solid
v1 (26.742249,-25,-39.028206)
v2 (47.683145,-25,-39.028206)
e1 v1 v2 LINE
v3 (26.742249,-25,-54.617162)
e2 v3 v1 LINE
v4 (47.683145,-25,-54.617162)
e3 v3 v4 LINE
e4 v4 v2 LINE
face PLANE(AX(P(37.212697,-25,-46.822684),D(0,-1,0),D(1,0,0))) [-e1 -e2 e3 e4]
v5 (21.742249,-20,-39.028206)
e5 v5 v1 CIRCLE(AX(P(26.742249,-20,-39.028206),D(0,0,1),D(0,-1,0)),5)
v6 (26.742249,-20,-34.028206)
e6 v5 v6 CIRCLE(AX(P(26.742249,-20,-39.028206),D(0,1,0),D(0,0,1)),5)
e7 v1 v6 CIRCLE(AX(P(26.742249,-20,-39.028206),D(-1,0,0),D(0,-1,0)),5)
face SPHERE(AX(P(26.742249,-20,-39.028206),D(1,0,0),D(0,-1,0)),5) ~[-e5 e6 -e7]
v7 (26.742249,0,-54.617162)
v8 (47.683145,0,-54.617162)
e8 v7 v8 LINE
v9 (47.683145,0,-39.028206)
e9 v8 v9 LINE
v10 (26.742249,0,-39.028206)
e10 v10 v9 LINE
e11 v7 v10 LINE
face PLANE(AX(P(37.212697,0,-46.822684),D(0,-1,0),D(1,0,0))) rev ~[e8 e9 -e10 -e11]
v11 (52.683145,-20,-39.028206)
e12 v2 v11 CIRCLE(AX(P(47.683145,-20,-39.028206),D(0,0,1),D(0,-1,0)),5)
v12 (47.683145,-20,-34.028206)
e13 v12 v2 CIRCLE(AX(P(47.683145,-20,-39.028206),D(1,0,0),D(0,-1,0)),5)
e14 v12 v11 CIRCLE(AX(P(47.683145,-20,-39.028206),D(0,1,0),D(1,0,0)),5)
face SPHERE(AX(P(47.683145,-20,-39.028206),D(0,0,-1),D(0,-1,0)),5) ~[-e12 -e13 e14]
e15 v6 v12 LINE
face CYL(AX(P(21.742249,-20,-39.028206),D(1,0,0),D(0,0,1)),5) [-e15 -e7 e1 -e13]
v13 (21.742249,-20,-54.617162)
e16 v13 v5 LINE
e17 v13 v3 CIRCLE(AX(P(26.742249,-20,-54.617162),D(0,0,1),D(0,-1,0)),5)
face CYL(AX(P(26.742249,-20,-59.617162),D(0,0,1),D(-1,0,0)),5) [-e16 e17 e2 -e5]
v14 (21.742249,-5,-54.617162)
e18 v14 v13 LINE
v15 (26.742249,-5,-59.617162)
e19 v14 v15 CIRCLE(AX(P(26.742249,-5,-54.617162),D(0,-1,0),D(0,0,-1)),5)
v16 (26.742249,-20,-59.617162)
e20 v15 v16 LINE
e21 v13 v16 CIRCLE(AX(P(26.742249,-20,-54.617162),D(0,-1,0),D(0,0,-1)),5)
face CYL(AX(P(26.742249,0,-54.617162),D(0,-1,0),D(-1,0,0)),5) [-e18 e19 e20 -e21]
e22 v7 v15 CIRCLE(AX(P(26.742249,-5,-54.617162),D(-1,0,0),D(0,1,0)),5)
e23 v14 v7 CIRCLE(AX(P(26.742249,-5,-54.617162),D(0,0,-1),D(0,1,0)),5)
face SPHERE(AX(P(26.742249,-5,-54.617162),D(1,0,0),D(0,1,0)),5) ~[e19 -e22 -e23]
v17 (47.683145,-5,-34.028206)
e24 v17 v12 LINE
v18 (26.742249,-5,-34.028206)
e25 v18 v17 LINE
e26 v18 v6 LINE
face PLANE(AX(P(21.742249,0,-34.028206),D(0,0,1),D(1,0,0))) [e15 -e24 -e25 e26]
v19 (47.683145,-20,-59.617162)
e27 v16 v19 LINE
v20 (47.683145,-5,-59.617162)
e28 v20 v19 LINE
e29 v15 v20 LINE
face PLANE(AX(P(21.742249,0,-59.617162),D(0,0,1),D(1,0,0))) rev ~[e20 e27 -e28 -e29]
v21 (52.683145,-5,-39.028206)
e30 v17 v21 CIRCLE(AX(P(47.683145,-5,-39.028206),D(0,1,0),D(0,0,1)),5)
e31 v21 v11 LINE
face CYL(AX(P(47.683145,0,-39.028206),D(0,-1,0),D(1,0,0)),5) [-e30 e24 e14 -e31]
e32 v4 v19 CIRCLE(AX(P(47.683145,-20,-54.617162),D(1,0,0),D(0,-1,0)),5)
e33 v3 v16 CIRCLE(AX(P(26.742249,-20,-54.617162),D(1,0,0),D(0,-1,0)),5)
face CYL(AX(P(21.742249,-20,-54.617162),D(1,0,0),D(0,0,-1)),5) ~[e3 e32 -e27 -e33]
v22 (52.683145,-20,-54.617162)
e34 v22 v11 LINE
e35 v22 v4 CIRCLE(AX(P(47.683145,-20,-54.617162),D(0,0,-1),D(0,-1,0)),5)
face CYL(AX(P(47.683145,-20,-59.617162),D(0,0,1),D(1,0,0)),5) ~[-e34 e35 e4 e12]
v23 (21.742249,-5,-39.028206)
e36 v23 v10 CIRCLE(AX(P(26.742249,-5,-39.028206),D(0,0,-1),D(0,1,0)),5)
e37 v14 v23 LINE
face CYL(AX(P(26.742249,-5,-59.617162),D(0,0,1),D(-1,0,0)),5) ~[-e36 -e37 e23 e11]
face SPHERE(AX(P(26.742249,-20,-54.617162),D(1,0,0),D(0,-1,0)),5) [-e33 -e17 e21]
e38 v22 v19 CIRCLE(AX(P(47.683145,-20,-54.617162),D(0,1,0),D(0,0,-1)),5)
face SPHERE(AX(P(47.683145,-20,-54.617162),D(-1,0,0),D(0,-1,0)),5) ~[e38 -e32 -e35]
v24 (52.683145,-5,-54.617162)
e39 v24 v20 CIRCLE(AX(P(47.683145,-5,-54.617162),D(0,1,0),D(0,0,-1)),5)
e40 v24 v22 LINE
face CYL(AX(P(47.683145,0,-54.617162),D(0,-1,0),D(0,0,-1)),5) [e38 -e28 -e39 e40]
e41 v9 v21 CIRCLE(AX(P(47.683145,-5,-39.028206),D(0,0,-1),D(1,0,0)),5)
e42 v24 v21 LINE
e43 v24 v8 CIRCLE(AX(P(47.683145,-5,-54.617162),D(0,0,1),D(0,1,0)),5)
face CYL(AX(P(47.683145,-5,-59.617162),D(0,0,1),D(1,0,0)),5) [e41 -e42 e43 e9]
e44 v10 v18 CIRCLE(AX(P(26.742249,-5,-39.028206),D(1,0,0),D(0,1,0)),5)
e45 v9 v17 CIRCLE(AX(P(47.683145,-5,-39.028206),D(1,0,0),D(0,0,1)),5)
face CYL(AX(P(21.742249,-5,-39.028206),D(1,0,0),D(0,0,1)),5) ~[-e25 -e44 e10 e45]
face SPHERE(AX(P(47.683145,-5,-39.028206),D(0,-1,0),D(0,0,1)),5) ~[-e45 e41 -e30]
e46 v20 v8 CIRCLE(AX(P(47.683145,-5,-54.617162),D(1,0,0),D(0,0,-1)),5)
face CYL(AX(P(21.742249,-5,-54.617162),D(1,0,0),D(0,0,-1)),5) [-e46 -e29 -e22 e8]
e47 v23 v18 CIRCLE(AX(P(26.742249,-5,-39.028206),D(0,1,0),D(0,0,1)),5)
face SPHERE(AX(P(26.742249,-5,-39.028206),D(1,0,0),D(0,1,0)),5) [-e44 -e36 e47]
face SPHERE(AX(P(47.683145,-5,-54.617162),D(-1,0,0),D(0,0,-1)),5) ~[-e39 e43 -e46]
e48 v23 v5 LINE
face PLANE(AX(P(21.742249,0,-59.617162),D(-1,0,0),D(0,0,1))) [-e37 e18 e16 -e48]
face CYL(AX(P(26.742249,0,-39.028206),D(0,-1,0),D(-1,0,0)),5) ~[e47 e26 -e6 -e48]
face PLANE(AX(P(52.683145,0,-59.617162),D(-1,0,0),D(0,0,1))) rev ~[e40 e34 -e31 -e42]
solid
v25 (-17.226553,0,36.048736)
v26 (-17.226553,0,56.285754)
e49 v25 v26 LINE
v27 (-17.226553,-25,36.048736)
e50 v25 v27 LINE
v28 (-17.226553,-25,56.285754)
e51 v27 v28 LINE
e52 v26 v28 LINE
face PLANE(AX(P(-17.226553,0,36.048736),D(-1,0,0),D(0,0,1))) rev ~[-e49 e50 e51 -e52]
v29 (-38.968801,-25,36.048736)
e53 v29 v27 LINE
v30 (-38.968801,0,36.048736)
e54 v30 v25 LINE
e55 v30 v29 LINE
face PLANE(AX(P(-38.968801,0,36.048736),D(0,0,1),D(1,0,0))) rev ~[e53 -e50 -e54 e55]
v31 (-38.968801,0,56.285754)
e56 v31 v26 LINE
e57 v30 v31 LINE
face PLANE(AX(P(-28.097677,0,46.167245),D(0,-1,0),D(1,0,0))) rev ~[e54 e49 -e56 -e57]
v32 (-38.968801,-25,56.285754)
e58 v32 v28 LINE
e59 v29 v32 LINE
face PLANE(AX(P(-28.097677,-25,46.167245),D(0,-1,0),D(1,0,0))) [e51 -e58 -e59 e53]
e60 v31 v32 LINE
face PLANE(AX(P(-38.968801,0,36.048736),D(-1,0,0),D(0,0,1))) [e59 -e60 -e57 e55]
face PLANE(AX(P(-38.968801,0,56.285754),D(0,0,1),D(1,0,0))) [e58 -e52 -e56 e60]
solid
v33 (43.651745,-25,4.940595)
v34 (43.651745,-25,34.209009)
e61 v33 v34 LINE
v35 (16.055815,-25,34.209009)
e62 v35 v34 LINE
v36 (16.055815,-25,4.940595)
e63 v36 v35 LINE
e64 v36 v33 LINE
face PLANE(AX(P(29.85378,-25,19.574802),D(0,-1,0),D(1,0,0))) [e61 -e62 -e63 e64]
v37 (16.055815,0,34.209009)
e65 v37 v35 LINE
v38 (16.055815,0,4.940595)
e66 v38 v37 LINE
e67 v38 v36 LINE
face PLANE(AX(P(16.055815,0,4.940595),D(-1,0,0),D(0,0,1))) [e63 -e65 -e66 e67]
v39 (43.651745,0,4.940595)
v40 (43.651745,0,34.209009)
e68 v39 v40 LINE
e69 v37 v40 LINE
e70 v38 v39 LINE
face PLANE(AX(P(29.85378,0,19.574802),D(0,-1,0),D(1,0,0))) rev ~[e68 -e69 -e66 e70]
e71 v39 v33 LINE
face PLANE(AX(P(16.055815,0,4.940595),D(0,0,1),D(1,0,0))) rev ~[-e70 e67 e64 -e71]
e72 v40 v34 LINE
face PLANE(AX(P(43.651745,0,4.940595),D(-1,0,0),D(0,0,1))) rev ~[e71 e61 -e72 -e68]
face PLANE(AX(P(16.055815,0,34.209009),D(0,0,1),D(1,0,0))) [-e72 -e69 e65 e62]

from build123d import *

# Parameters (mm, degrees)
F0_W     = 21.7422489077
F0_H     = 20.2370174229
F1_DEPTH = 25
F0_W_2   = 27.5959298015
F0_H_2   = 29.2684142478
F0_W_3   = 24.0837205201
F0_H_3   = 16.2230618298
F0_W_4   = 30.9408959001
F0_H_4   = 25.5889557302
F3_R     = 5


with BuildPart() as f1:
    # F0 (on Front) → F1 (new body)
    with BuildSketch(Plane.XZ):
        with Locations((-28.0976770446, 46.1672451347)):
            Rectangle(F0_W, F0_H)
    extrude(amount=F1_DEPTH)


with BuildPart() as f1b:
    # F0 (on Front) → F1, piece 2 (new body)
    with BuildSketch(Plane.XZ):
        with Locations((29.8537798226, 19.574802136)):
            Rectangle(F0_W_2, F0_H_2)
    extrude(amount=F1_DEPTH)


with BuildPart() as f1c:
    # F0 (on Front) → F1, piece 3 (new body)
    with BuildSketch(Plane.XZ):
        with Locations((-22.4112411961, -41.4707455784)):
            Rectangle(F0_W_3, F0_H_3)
    extrude(amount=F1_DEPTH)


with BuildPart() as f1d:
    # F0 (on Front) → F1, piece 4 (new body)
    with BuildSketch(Plane.XZ):
        with Locations((37.2126968578, -46.8226838857)):
            Rectangle(F0_W_4, F0_H_4)
    extrude(amount=F1_DEPTH)

    # F3
    f3_edges = [f1d.edges().sort_by_distance(p)[0] for p in [
        (37.212697, -25, -59.617162),
        (52.683145, -25, -46.822684),
        (37.212697, -25, -34.028206),
        (37.212697, 0, -59.617162),
        (21.742249, -25, -46.822684),
        (52.683145, -12.5, -34.028206),
        (37.212697, 0, -34.028206),
        (52.683145, -12.5, -59.617162),
        (52.683145, 0, -46.822684),
        (21.742249, 0, -46.822684),
        (21.742249, -12.5, -59.617162),
        (21.742249, -12.5, -34.028206),
    ]]
    fillet(f3_edges, radius=F3_R)


solid = Compound([f1.part, f1b.part, f1d.part])
